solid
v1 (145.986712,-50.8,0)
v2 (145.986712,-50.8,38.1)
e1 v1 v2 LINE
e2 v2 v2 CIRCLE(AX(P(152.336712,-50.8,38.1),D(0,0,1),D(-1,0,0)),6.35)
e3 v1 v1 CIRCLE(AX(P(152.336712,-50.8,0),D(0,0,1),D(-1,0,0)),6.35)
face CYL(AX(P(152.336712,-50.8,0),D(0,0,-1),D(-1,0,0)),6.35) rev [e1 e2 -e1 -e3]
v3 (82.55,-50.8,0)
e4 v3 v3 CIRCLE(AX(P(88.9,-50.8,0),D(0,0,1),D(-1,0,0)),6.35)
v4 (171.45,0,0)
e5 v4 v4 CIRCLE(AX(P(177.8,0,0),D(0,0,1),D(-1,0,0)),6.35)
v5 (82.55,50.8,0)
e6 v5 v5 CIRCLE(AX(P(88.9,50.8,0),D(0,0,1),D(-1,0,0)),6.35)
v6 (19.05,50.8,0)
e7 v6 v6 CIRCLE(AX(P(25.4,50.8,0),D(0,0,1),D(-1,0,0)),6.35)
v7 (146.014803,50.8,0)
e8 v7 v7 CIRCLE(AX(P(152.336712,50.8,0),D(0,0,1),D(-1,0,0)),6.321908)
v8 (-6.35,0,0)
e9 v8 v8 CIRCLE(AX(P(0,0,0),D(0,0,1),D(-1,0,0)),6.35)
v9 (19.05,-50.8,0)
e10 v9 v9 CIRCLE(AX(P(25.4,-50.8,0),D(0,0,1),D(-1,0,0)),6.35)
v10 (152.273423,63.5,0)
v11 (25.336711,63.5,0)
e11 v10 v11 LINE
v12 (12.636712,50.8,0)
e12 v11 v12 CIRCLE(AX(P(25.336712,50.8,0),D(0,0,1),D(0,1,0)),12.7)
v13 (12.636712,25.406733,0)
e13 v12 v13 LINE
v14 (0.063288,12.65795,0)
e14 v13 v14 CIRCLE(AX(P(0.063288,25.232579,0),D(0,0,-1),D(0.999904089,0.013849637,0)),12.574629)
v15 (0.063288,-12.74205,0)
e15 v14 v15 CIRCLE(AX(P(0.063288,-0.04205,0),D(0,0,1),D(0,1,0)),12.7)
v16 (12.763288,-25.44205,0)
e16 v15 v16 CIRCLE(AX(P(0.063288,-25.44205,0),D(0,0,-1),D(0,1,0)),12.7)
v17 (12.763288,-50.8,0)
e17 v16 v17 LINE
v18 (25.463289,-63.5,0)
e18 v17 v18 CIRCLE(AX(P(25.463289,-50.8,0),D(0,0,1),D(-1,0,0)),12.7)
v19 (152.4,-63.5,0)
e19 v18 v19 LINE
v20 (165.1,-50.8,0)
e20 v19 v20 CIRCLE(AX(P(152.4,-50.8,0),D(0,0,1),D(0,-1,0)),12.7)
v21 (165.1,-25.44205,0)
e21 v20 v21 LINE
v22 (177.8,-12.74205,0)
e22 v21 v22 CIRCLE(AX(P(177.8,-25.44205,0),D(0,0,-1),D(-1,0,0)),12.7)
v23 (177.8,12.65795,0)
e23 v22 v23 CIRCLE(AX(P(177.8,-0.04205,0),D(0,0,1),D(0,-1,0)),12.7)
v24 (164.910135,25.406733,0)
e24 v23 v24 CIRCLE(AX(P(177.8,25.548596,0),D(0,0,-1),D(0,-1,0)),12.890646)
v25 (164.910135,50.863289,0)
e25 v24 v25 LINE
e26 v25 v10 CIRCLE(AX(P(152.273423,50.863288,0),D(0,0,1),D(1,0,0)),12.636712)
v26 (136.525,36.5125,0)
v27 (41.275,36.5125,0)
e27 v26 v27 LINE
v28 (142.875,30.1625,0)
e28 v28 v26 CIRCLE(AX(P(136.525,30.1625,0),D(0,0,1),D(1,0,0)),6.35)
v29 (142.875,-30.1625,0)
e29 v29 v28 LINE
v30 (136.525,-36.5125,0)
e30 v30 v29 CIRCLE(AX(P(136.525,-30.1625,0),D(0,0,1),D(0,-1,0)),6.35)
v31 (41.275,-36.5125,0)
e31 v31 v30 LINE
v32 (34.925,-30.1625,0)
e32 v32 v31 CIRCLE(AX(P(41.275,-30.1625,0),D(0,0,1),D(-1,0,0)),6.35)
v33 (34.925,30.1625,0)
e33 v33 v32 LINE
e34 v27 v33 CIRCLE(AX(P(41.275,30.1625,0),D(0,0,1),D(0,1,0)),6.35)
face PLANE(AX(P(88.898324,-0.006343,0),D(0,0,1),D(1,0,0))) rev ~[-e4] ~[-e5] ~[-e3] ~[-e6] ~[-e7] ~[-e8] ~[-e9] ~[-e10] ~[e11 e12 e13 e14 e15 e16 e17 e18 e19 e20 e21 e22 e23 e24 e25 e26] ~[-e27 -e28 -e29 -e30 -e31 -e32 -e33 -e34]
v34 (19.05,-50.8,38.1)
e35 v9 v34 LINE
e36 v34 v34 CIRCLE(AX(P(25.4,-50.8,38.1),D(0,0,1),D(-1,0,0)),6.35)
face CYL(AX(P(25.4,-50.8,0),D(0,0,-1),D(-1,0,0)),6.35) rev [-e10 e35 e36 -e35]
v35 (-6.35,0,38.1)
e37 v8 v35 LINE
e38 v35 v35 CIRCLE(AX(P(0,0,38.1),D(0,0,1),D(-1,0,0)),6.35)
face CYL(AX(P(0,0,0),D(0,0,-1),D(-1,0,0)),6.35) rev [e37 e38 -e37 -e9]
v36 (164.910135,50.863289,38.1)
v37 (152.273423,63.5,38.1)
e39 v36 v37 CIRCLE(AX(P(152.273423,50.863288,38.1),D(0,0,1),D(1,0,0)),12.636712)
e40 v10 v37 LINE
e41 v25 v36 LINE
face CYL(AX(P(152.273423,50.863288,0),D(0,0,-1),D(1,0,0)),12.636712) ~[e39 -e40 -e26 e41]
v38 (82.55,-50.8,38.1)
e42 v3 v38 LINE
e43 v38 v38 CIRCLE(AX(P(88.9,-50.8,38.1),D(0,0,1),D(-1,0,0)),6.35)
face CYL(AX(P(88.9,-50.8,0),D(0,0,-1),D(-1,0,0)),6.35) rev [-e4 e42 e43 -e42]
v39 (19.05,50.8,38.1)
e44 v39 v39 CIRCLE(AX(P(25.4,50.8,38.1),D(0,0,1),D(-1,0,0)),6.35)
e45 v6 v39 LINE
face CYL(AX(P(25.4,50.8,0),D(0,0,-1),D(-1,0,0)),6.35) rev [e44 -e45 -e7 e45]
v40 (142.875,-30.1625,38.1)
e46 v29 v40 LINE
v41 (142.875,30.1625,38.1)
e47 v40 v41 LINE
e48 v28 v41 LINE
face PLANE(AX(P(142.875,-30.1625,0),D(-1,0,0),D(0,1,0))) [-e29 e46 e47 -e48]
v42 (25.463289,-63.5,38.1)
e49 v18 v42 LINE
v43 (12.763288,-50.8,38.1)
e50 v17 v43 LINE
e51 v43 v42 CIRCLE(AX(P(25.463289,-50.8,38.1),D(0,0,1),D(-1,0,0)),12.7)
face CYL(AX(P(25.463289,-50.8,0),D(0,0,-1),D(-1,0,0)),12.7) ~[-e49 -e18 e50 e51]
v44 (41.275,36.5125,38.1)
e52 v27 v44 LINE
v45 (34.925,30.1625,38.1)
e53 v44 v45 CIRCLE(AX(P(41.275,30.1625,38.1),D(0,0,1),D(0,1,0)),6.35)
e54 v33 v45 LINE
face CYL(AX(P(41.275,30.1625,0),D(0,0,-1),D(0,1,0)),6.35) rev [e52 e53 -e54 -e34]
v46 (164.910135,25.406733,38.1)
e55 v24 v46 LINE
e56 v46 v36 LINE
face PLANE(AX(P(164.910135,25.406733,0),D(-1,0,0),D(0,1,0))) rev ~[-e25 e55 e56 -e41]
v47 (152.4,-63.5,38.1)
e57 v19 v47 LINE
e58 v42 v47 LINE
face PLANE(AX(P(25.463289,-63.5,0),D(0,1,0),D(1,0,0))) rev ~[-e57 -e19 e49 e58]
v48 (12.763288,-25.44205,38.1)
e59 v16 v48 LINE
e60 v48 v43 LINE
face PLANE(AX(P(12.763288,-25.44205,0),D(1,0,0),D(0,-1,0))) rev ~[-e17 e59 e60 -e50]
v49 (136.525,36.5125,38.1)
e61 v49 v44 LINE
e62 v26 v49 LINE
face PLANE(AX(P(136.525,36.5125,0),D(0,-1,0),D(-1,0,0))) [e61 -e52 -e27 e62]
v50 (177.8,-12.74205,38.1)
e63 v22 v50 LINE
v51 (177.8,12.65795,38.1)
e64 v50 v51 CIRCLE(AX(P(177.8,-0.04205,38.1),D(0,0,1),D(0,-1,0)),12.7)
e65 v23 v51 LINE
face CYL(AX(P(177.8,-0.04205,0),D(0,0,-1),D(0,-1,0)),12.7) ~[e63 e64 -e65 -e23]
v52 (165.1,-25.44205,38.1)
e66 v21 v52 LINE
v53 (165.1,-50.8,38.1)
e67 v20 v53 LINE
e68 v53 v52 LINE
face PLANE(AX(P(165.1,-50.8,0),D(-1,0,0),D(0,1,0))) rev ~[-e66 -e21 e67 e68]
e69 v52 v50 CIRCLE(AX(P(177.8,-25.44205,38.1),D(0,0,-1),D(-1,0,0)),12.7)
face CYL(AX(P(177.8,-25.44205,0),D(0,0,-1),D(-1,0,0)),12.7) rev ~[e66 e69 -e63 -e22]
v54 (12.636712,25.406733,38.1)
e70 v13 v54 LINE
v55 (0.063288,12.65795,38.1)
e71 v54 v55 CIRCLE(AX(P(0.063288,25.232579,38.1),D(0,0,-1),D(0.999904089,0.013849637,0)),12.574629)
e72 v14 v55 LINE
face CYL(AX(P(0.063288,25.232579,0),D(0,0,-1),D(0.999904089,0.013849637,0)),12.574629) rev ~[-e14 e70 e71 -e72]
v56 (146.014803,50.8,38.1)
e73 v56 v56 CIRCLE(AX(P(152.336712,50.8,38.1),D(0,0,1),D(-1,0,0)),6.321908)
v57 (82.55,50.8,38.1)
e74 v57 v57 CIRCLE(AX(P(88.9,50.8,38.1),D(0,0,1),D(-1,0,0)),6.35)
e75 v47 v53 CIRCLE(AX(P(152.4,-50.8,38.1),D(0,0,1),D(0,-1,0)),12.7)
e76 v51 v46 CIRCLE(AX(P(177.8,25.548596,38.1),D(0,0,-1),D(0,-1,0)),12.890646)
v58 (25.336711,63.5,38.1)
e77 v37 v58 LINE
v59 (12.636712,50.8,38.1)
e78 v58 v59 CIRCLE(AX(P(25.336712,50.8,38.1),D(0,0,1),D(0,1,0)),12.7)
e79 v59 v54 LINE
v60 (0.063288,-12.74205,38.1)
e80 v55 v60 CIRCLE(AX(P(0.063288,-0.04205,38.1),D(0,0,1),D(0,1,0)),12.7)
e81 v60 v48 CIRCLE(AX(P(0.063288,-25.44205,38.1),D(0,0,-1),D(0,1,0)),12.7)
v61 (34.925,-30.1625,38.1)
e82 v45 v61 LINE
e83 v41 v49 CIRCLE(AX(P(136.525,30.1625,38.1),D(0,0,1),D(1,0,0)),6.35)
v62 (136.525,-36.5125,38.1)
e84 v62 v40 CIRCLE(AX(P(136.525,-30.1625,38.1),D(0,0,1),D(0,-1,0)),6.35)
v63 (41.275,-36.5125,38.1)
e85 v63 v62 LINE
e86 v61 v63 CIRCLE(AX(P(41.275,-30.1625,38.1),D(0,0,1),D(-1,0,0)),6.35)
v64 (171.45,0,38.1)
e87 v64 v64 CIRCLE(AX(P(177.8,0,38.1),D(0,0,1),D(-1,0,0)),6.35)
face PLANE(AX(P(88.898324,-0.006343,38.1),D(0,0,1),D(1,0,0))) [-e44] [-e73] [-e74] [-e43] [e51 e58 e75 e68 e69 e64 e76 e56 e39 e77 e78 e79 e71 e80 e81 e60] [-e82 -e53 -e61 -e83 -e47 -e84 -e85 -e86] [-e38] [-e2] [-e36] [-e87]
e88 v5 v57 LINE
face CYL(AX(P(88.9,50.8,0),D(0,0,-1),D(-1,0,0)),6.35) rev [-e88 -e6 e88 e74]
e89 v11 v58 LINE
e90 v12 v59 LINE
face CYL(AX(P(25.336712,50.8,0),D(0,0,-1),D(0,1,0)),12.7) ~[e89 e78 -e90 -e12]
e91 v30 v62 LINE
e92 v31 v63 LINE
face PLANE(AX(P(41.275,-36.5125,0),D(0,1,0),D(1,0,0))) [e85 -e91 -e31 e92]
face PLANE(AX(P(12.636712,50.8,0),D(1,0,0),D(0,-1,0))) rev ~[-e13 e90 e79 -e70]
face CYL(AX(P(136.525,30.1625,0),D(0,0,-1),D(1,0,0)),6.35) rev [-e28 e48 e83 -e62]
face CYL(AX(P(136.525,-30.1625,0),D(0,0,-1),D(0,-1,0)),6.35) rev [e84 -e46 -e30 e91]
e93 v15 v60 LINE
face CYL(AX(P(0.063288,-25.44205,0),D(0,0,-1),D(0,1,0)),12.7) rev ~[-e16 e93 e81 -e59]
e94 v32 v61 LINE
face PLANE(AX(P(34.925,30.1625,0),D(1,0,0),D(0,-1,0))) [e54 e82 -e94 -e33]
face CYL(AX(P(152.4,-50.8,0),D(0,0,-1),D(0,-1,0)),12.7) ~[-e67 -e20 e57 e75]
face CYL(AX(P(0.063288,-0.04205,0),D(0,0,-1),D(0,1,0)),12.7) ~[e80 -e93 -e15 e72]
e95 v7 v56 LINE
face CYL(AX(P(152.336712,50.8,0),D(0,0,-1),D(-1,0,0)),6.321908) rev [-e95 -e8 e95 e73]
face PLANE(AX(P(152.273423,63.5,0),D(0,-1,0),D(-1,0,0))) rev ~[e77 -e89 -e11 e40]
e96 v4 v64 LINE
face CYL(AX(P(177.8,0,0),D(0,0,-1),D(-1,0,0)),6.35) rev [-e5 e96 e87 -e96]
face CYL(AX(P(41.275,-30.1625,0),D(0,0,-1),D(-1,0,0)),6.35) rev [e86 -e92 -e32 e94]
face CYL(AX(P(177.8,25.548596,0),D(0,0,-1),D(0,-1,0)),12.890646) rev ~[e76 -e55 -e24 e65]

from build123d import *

# Parameters (mm, degrees)
SKETCH1_R           = 6.35
SKETCH1_R_2         = 6.321908291
BOSS_EXTRUDE1_DEPTH = 38.1


with BuildPart() as part:
    # Sketch1 → Boss-Extrude1 (new body)
    with BuildSketch(Plane.XY):
        with BuildLine():
            Line((25.4632885, -63.5), (152.4, -63.5))
            ThreePointArc((152.4, -63.5), (161.380256121, -59.780256121), (165.1, -50.8))
            Line((165.1, -50.8), (165.1, -25.442050481))
            ThreePointArc((165.1, -25.442050481), (168.819743879, -16.46179436), (177.8, -12.742050481))
            ThreePointArc((177.8, -12.742050481), (190.5, -0.042050481), (177.8, 12.657949519))
            ThreePointArc((177.8, 12.657949519), (168.735231625, 16.383513436), (164.910134501, 25.406732606))
            Line((164.910134501, 25.406732606), (164.910134501, 50.8632885))
            ThreePointArc((164.910134501, 50.8632885), (161.208927395, 59.798792893), (152.273423001, 63.5))
            Line((152.273423001, 63.5), (25.3367115, 63.5))
            ThreePointArc((25.3367115, 63.5), (16.356455379, 59.780256121), (12.6367115, 50.8))
            Line((12.6367115, 50.8), (12.6367115, 25.406732606))
            ThreePointArc((12.6367115, 25.406732606), (9.016254993, 16.402760527), (0.0632885, 12.657949519))
            ThreePointArc((0.0632885, 12.657949519), (-12.6367115, -0.042050481), (0.0632885, -12.742050481))
            ThreePointArc((0.0632885, -12.742050481), (9.043544621, -16.46179436), (12.7632885, -25.442050481))
            Line((12.7632885, -25.442050481), (12.7632885, -50.8))
            ThreePointArc((12.7632885, -50.8), (16.483032379, -59.780256121), (25.4632885, -63.5))
        make_face()
        with Locations(Location((0, 0, 0), (0, 0, 180))):
            Circle(SKETCH1_R, mode=Mode.SUBTRACT)
        with Locations(Location((177.8, 0, 0), (0, 0, 180))):
            Circle(SKETCH1_R, mode=Mode.SUBTRACT)
        with Locations(Location((88.9, 50.8, 0), (0, 0, 180))):
            Circle(SKETCH1_R, mode=Mode.SUBTRACT)
        with Locations(Location((88.9, -50.8, 0), (0, 0, 180))):
            Circle(SKETCH1_R, mode=Mode.SUBTRACT)
        with Locations(Location((152.3367115, 50.8, 0), (0, 0, 180))):
            Circle(SKETCH1_R_2, mode=Mode.SUBTRACT)
        with Locations(Location((25.4, 50.8, 0), (0, 0, 180))):
            Circle(SKETCH1_R, mode=Mode.SUBTRACT)
        with Locations(Location((25.4, -50.8, 0), (0, 0, 180))):
            Circle(SKETCH1_R, mode=Mode.SUBTRACT)
        with Locations(Location((152.3367115, -50.8, 0), (0, 0, 180))):
            Circle(SKETCH1_R, mode=Mode.SUBTRACT)
        with BuildLine():
            Line((34.925, 30.1625), (34.925, -30.1625))
            ThreePointArc((34.925, -30.1625), (36.784871939, -34.652628061), (41.275, -36.5125))
            Line((41.275, -36.5125), (136.525, -36.5125))
            ThreePointArc((136.525, -36.5125), (141.015128061, -34.652628061), (142.875, -30.1625))
            Line((142.875, -30.1625), (142.875, 30.1625))
            ThreePointArc((142.875, 30.1625), (141.015128061, 34.652628061), (136.525, 36.5125))
            Line((136.525, 36.5125), (41.275, 36.5125))
            ThreePointArc((41.275, 36.5125), (36.784871939, 34.652628061), (34.925, 30.1625))
        make_face(mode=Mode.SUBTRACT)
    extrude(amount=BOSS_EXTRUDE1_DEPTH)


solid = part.part
